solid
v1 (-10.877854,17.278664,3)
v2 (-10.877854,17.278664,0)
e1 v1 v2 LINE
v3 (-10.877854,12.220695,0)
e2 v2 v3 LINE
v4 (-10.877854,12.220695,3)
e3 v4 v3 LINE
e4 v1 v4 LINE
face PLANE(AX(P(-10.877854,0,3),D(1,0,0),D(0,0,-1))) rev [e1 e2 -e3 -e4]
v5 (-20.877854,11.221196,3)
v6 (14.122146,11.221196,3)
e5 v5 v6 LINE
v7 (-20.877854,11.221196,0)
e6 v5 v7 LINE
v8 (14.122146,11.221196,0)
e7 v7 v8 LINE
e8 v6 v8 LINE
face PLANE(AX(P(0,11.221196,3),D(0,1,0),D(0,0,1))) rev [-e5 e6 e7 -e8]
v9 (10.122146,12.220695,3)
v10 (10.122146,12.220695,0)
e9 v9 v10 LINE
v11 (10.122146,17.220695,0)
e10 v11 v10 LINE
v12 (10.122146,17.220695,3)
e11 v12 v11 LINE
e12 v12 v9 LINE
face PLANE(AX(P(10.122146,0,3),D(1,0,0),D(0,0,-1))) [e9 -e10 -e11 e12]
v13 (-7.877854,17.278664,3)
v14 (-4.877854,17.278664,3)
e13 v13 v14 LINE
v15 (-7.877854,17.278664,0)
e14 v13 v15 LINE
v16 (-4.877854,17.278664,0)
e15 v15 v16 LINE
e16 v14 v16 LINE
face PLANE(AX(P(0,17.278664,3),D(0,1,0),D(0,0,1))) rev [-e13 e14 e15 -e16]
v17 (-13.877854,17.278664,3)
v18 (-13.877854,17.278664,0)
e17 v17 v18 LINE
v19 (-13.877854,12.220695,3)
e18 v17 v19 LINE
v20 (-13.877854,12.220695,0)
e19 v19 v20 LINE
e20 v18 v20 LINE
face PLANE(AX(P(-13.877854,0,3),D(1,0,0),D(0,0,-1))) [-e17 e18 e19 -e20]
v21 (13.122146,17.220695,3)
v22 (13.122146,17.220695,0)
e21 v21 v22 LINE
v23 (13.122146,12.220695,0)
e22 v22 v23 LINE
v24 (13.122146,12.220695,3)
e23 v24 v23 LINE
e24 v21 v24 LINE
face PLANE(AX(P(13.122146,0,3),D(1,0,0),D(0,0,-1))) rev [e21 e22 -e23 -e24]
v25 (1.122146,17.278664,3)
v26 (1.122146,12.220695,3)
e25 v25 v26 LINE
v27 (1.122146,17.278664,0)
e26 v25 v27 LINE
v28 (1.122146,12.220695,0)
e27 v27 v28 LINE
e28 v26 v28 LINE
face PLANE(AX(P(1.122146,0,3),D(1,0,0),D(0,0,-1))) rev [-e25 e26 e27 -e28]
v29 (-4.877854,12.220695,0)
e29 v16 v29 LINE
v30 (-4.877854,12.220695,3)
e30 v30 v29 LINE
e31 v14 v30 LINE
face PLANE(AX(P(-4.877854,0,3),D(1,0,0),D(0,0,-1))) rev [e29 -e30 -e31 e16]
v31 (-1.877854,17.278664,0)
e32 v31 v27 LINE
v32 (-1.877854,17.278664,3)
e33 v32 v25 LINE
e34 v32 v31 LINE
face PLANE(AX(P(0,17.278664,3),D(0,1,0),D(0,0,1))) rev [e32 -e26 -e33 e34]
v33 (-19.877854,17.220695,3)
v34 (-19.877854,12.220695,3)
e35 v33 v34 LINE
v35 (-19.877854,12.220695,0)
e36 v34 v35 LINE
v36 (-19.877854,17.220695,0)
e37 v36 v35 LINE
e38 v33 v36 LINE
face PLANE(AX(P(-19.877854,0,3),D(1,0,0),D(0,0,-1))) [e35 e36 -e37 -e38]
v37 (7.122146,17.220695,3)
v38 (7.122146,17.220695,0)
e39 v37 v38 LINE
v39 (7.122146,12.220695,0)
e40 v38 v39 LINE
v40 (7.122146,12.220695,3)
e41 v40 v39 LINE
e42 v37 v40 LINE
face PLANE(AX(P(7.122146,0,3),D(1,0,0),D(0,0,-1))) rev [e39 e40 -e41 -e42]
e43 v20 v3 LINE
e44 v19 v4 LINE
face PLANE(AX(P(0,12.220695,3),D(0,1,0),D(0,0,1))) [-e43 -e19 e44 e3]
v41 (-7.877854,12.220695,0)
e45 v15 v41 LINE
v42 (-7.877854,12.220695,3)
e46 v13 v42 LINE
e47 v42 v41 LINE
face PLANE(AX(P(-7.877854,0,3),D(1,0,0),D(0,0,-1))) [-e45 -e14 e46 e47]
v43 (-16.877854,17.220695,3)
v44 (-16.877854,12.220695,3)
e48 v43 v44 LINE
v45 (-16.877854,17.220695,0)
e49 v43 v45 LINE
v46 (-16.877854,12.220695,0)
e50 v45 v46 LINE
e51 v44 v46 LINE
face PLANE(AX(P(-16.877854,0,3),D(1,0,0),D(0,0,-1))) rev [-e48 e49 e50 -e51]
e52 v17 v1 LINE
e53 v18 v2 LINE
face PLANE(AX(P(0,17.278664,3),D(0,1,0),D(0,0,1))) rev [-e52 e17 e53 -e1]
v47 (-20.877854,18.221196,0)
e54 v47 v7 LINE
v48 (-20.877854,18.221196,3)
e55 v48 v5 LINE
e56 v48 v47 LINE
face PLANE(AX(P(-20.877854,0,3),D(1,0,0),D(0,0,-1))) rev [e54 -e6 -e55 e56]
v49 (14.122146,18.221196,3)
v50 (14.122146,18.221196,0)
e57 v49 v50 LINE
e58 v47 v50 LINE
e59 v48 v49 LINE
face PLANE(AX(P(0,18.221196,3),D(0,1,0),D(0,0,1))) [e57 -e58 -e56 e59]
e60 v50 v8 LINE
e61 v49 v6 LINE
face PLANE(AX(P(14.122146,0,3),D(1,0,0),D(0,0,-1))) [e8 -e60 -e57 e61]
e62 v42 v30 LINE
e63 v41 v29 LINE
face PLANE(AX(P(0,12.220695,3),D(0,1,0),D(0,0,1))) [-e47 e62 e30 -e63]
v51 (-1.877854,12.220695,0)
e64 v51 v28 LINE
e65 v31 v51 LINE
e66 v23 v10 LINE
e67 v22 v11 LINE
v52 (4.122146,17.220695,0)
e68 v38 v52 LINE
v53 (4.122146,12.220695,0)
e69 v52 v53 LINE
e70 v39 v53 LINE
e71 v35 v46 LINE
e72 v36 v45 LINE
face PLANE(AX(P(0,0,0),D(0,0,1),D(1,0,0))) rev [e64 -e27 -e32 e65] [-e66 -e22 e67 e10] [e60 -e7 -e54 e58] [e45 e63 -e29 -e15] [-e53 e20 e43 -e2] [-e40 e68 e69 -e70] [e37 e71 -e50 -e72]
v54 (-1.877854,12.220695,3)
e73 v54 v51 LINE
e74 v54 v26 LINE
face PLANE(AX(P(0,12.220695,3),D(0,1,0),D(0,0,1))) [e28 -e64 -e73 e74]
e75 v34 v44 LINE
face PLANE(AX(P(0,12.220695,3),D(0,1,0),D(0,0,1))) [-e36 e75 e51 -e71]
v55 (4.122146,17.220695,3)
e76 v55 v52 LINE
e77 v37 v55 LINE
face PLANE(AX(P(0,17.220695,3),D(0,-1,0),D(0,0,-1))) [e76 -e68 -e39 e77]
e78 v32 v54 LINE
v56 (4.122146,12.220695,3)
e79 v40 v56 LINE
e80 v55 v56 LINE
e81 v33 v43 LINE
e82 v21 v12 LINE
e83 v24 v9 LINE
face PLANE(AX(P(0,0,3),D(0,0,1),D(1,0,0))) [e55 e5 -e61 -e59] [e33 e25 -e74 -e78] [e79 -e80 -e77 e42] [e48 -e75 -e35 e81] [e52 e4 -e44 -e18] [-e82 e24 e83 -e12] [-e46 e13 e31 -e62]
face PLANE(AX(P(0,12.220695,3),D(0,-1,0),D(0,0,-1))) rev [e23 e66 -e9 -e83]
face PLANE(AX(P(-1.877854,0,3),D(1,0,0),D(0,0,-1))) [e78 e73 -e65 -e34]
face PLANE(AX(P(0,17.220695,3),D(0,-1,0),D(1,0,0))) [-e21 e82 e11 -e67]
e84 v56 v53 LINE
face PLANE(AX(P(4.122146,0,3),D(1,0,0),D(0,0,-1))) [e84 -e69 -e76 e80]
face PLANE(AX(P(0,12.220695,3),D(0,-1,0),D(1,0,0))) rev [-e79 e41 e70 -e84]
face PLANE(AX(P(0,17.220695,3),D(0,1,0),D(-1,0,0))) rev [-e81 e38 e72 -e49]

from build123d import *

# Parameters (mm, degrees)
CROQUIS1_W              = 35
CROQUIS1_H              = 7
CROQUIS1_W_2            = 3
CROQUIS1_H_2            = 5
CROQUIS1_H_3            = 5.05796889
SALIENTE_EXTRUIR1_DEPTH = 3


with BuildPart() as part:
    # Croquis1 → Saliente-Extruir1 (new body)
    with BuildSketch(Plane.XY):
        with Locations((-3.377853846, 14.721195761)):
            Rectangle(CROQUIS1_W, CROQUIS1_H)
        with Locations((-18.377853846, 14.720695363)):
            Rectangle(CROQUIS1_W_2, CROQUIS1_H_2, mode=Mode.SUBTRACT)
        with Locations((11.622146154, 14.720695363)):
            Rectangle(CROQUIS1_W_2, CROQUIS1_H_2, mode=Mode.SUBTRACT)
        with Locations((-12.377853846, 14.749679808)):
            Rectangle(CROQUIS1_W_2, CROQUIS1_H_3, mode=Mode.SUBTRACT)
        with Locations((5.622146154, 14.720695363)):
            Rectangle(CROQUIS1_W_2, CROQUIS1_H_2, mode=Mode.SUBTRACT)
        with Locations((-6.377853846, 14.749679808)):
            Rectangle(CROQUIS1_W_2, CROQUIS1_H_3, mode=Mode.SUBTRACT)
        with Locations((-0.377853846, 14.749679808)):
            Rectangle(CROQUIS1_W_2, CROQUIS1_H_3, mode=Mode.SUBTRACT)
    extrude(amount=SALIENTE_EXTRUIR1_DEPTH)


solid = part.part
